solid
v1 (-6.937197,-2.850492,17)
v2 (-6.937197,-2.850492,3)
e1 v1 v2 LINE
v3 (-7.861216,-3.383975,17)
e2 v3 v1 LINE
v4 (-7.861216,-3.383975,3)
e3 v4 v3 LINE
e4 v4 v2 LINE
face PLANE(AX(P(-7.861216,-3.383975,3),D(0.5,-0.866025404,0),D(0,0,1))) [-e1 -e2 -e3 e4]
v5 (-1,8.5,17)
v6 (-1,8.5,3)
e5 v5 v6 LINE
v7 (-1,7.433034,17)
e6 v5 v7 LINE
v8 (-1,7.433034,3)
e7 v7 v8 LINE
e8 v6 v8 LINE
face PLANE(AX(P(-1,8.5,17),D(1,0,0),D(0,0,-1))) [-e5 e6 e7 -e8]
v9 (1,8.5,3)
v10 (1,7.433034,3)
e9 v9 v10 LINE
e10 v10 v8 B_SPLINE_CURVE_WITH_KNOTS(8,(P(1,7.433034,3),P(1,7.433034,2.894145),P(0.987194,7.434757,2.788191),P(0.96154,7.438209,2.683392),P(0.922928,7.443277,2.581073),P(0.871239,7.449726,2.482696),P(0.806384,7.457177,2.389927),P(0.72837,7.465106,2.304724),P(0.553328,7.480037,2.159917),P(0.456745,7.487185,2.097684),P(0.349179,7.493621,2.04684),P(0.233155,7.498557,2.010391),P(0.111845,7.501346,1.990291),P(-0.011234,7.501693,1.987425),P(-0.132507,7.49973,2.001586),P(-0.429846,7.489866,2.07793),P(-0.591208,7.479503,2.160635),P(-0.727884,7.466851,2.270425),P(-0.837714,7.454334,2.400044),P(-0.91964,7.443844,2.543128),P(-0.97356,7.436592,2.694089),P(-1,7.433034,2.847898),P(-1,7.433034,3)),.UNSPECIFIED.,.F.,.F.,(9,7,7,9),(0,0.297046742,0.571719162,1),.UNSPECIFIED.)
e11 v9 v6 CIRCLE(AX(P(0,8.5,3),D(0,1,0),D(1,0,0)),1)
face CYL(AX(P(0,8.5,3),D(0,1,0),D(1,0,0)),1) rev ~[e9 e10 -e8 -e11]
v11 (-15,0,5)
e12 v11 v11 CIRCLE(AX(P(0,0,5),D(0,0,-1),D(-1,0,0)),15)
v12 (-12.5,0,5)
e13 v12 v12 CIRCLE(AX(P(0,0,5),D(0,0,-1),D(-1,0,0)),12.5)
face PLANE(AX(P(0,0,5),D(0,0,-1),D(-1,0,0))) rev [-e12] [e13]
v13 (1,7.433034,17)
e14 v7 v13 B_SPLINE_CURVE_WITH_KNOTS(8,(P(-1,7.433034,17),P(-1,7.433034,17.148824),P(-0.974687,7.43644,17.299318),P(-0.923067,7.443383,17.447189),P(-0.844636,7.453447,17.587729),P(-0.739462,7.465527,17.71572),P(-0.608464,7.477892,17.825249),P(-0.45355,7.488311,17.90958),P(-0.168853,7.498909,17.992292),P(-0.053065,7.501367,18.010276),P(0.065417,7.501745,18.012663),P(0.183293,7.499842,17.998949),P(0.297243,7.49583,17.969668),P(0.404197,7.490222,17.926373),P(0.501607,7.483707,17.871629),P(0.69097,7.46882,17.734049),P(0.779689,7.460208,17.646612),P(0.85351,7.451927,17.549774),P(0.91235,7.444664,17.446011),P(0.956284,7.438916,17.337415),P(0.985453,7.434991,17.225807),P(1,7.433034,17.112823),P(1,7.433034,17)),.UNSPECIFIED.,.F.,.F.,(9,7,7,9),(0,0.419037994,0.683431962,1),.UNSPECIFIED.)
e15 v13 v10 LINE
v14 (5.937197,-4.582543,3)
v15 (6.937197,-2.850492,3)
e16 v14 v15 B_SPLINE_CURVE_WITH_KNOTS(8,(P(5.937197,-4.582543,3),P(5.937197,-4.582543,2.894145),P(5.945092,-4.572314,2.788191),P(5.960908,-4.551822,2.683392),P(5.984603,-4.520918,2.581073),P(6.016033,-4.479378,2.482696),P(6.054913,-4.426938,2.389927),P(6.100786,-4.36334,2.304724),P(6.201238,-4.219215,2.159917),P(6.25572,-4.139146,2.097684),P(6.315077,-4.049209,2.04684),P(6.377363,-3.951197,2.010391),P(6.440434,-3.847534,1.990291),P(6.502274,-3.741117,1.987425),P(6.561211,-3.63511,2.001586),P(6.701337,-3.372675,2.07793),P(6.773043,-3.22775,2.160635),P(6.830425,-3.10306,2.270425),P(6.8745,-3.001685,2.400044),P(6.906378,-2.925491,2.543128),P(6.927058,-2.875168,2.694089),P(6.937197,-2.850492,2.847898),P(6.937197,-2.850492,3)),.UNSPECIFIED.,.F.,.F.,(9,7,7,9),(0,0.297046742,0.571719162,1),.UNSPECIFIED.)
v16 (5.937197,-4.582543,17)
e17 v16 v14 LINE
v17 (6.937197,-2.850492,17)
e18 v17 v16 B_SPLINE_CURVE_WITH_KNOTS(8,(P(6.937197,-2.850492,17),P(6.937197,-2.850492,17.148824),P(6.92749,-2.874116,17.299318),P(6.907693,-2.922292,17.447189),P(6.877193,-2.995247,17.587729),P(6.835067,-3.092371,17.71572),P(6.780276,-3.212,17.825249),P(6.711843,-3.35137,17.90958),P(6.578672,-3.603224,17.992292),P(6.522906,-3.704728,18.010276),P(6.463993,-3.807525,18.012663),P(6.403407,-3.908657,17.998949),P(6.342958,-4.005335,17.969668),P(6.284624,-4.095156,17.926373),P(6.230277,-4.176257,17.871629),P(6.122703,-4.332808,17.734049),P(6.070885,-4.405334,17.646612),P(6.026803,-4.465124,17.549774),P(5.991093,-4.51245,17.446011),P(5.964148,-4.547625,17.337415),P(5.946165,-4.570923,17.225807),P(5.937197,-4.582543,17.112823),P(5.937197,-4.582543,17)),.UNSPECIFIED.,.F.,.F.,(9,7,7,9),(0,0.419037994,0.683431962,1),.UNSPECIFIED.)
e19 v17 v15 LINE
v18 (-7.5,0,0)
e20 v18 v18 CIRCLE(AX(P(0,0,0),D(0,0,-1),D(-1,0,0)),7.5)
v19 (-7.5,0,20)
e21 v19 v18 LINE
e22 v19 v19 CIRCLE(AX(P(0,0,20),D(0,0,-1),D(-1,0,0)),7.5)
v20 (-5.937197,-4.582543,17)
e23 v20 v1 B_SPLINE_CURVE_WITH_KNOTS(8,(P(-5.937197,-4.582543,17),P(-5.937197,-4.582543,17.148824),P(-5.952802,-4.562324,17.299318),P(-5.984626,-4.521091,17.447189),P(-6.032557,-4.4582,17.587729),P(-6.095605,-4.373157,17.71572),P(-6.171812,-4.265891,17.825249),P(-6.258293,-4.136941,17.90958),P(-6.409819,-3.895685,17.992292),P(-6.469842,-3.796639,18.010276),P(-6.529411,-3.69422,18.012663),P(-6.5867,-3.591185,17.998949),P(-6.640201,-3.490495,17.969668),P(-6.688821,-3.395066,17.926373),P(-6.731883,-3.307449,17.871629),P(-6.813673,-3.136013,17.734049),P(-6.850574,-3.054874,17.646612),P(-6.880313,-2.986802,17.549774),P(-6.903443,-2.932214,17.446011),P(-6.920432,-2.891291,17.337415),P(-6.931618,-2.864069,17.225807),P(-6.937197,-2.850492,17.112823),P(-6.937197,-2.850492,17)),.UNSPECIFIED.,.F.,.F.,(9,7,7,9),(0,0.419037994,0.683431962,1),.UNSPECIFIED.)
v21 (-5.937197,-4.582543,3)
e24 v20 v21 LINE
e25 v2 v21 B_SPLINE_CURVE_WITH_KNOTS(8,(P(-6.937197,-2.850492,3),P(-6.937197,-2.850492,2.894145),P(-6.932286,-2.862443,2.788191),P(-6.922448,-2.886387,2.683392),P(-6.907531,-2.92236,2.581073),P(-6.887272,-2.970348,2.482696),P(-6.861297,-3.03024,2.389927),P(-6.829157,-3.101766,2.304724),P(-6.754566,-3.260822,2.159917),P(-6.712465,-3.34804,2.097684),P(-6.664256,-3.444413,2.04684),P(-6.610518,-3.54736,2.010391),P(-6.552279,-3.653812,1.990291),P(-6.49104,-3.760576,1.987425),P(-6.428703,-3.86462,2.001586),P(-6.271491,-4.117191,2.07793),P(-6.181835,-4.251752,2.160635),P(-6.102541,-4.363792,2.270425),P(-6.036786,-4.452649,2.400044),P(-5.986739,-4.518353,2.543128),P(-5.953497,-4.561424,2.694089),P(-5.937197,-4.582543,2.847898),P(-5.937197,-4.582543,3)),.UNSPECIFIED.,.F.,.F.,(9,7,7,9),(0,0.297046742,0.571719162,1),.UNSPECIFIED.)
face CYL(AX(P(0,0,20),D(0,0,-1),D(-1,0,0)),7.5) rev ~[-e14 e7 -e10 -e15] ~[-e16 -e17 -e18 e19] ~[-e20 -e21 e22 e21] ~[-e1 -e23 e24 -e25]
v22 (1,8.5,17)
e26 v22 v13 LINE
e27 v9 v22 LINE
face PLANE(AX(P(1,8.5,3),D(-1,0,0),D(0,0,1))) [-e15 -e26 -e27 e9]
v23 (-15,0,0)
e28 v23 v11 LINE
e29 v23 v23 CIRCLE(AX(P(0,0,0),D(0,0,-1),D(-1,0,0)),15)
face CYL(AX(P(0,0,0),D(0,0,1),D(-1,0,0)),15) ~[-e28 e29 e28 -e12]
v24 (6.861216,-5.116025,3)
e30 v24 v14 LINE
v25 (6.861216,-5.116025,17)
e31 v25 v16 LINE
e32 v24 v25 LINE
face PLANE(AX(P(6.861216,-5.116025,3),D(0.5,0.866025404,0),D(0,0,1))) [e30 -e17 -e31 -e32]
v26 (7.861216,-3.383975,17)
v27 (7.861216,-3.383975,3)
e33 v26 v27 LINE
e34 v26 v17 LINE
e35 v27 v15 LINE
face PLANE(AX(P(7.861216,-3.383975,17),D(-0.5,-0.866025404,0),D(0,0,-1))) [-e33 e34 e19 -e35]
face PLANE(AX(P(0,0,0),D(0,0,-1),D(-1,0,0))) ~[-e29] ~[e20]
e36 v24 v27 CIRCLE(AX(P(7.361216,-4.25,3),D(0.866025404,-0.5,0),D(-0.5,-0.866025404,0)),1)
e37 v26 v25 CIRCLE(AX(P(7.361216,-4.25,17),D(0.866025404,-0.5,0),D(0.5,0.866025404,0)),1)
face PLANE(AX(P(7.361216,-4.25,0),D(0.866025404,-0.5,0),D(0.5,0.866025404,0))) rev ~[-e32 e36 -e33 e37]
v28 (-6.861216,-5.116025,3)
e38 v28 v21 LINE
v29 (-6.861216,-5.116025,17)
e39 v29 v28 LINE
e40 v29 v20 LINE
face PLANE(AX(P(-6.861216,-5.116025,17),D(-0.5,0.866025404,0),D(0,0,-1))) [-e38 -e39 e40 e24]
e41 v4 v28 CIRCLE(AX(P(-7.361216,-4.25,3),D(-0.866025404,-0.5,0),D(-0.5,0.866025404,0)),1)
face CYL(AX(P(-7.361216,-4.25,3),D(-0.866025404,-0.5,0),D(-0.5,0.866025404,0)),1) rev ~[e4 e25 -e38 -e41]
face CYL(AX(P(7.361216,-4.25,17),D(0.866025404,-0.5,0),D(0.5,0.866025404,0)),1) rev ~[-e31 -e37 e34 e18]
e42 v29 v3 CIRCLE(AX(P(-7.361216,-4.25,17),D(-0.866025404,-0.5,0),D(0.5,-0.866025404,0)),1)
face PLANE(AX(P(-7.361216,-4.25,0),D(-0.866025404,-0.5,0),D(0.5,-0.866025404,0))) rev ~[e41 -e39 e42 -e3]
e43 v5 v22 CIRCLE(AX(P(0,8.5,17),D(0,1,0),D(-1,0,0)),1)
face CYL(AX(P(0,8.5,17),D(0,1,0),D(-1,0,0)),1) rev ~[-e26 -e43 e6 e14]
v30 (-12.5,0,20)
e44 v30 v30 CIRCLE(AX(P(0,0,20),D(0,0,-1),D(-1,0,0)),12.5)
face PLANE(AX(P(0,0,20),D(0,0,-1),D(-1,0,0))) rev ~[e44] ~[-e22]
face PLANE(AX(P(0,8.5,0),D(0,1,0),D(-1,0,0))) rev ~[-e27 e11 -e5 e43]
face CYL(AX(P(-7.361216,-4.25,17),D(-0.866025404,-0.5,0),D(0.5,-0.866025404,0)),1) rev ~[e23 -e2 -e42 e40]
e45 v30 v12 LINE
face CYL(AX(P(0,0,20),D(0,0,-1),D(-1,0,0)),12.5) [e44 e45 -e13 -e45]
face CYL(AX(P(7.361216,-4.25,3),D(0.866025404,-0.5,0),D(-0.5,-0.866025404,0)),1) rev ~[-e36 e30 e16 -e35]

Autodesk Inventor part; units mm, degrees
ref_plane "YZ Plane" through (0, 0, 0) normal (1, 0, 0) x (0, 1, 0)
ref_plane "XY Plane" through (0, 0, 0) normal (0, 0, 1) x (1, 0, 0)
sketch "Sketch1" plane through (0, 0, 0) normal (0, 1, 0) x (-1, 0, 0)
  line L0 (0, 0) -> (15, 0)
  line L1 (15, 0) -> (15, 20)
  line L2 (15, 20) -> (0, 20)
  line L3 (0, 20) -> (0, 0)
  line L4 (12.5, 20) -> (12.5, 5)
  line L5 (12.5, 5) -> (15, 5)
  line L6 (7.5, 20) -> (7.5, 0)
  dimension "d1" = 30
  dimension "d2" = 25
  dimension "d3" = 15
  dimension "d4" = 5
  dimension "d5" = 15
revolve "Revolution1" add sketch "Sketch1" angle 360 about axis through (0, 0, 20) along (0, 0, -1) contours L6 L2 L4 L5 L1 L0
ref_plane "Work Plane1" through (0, 8.5, 0) normal (0, 1, 0) x (-1, 0, 0)
sketch "Sketch2" plane through (0, 8.5, 0) normal (0, 1, 0) x (-1, 0, 0)
  line L0 (0, 18) -> (0, 2) construction
  line L1 (1, 17) -> (1, 3)
  line L2 (-1, 3) -> (-1, 17)
  arc A0 (1, 17) -> (-1, 17) centre (0, 17) ccw
  arc A1 (-1, 3) -> (1, 3) centre (0, 3) ccw
  line L3 (-12.5, 20) -> (12.5, 20) construction
  point P0 (0, 0)
  point P1 (0, 10)
  point P2 (0, 18)
  dimension "d8" = 16
  dimension "d9" = 2
  dimension "d10" = 2
extrude "Extrusion1" cut sketch "Sketch2" against normal up to surface
pattern_circular "Circular Pattern1" count 3 over 360 about axis through (0, 0, -10) along (0, 0, 1) of "Extrusion1"
properties material "Bronze, Soft Tin"
